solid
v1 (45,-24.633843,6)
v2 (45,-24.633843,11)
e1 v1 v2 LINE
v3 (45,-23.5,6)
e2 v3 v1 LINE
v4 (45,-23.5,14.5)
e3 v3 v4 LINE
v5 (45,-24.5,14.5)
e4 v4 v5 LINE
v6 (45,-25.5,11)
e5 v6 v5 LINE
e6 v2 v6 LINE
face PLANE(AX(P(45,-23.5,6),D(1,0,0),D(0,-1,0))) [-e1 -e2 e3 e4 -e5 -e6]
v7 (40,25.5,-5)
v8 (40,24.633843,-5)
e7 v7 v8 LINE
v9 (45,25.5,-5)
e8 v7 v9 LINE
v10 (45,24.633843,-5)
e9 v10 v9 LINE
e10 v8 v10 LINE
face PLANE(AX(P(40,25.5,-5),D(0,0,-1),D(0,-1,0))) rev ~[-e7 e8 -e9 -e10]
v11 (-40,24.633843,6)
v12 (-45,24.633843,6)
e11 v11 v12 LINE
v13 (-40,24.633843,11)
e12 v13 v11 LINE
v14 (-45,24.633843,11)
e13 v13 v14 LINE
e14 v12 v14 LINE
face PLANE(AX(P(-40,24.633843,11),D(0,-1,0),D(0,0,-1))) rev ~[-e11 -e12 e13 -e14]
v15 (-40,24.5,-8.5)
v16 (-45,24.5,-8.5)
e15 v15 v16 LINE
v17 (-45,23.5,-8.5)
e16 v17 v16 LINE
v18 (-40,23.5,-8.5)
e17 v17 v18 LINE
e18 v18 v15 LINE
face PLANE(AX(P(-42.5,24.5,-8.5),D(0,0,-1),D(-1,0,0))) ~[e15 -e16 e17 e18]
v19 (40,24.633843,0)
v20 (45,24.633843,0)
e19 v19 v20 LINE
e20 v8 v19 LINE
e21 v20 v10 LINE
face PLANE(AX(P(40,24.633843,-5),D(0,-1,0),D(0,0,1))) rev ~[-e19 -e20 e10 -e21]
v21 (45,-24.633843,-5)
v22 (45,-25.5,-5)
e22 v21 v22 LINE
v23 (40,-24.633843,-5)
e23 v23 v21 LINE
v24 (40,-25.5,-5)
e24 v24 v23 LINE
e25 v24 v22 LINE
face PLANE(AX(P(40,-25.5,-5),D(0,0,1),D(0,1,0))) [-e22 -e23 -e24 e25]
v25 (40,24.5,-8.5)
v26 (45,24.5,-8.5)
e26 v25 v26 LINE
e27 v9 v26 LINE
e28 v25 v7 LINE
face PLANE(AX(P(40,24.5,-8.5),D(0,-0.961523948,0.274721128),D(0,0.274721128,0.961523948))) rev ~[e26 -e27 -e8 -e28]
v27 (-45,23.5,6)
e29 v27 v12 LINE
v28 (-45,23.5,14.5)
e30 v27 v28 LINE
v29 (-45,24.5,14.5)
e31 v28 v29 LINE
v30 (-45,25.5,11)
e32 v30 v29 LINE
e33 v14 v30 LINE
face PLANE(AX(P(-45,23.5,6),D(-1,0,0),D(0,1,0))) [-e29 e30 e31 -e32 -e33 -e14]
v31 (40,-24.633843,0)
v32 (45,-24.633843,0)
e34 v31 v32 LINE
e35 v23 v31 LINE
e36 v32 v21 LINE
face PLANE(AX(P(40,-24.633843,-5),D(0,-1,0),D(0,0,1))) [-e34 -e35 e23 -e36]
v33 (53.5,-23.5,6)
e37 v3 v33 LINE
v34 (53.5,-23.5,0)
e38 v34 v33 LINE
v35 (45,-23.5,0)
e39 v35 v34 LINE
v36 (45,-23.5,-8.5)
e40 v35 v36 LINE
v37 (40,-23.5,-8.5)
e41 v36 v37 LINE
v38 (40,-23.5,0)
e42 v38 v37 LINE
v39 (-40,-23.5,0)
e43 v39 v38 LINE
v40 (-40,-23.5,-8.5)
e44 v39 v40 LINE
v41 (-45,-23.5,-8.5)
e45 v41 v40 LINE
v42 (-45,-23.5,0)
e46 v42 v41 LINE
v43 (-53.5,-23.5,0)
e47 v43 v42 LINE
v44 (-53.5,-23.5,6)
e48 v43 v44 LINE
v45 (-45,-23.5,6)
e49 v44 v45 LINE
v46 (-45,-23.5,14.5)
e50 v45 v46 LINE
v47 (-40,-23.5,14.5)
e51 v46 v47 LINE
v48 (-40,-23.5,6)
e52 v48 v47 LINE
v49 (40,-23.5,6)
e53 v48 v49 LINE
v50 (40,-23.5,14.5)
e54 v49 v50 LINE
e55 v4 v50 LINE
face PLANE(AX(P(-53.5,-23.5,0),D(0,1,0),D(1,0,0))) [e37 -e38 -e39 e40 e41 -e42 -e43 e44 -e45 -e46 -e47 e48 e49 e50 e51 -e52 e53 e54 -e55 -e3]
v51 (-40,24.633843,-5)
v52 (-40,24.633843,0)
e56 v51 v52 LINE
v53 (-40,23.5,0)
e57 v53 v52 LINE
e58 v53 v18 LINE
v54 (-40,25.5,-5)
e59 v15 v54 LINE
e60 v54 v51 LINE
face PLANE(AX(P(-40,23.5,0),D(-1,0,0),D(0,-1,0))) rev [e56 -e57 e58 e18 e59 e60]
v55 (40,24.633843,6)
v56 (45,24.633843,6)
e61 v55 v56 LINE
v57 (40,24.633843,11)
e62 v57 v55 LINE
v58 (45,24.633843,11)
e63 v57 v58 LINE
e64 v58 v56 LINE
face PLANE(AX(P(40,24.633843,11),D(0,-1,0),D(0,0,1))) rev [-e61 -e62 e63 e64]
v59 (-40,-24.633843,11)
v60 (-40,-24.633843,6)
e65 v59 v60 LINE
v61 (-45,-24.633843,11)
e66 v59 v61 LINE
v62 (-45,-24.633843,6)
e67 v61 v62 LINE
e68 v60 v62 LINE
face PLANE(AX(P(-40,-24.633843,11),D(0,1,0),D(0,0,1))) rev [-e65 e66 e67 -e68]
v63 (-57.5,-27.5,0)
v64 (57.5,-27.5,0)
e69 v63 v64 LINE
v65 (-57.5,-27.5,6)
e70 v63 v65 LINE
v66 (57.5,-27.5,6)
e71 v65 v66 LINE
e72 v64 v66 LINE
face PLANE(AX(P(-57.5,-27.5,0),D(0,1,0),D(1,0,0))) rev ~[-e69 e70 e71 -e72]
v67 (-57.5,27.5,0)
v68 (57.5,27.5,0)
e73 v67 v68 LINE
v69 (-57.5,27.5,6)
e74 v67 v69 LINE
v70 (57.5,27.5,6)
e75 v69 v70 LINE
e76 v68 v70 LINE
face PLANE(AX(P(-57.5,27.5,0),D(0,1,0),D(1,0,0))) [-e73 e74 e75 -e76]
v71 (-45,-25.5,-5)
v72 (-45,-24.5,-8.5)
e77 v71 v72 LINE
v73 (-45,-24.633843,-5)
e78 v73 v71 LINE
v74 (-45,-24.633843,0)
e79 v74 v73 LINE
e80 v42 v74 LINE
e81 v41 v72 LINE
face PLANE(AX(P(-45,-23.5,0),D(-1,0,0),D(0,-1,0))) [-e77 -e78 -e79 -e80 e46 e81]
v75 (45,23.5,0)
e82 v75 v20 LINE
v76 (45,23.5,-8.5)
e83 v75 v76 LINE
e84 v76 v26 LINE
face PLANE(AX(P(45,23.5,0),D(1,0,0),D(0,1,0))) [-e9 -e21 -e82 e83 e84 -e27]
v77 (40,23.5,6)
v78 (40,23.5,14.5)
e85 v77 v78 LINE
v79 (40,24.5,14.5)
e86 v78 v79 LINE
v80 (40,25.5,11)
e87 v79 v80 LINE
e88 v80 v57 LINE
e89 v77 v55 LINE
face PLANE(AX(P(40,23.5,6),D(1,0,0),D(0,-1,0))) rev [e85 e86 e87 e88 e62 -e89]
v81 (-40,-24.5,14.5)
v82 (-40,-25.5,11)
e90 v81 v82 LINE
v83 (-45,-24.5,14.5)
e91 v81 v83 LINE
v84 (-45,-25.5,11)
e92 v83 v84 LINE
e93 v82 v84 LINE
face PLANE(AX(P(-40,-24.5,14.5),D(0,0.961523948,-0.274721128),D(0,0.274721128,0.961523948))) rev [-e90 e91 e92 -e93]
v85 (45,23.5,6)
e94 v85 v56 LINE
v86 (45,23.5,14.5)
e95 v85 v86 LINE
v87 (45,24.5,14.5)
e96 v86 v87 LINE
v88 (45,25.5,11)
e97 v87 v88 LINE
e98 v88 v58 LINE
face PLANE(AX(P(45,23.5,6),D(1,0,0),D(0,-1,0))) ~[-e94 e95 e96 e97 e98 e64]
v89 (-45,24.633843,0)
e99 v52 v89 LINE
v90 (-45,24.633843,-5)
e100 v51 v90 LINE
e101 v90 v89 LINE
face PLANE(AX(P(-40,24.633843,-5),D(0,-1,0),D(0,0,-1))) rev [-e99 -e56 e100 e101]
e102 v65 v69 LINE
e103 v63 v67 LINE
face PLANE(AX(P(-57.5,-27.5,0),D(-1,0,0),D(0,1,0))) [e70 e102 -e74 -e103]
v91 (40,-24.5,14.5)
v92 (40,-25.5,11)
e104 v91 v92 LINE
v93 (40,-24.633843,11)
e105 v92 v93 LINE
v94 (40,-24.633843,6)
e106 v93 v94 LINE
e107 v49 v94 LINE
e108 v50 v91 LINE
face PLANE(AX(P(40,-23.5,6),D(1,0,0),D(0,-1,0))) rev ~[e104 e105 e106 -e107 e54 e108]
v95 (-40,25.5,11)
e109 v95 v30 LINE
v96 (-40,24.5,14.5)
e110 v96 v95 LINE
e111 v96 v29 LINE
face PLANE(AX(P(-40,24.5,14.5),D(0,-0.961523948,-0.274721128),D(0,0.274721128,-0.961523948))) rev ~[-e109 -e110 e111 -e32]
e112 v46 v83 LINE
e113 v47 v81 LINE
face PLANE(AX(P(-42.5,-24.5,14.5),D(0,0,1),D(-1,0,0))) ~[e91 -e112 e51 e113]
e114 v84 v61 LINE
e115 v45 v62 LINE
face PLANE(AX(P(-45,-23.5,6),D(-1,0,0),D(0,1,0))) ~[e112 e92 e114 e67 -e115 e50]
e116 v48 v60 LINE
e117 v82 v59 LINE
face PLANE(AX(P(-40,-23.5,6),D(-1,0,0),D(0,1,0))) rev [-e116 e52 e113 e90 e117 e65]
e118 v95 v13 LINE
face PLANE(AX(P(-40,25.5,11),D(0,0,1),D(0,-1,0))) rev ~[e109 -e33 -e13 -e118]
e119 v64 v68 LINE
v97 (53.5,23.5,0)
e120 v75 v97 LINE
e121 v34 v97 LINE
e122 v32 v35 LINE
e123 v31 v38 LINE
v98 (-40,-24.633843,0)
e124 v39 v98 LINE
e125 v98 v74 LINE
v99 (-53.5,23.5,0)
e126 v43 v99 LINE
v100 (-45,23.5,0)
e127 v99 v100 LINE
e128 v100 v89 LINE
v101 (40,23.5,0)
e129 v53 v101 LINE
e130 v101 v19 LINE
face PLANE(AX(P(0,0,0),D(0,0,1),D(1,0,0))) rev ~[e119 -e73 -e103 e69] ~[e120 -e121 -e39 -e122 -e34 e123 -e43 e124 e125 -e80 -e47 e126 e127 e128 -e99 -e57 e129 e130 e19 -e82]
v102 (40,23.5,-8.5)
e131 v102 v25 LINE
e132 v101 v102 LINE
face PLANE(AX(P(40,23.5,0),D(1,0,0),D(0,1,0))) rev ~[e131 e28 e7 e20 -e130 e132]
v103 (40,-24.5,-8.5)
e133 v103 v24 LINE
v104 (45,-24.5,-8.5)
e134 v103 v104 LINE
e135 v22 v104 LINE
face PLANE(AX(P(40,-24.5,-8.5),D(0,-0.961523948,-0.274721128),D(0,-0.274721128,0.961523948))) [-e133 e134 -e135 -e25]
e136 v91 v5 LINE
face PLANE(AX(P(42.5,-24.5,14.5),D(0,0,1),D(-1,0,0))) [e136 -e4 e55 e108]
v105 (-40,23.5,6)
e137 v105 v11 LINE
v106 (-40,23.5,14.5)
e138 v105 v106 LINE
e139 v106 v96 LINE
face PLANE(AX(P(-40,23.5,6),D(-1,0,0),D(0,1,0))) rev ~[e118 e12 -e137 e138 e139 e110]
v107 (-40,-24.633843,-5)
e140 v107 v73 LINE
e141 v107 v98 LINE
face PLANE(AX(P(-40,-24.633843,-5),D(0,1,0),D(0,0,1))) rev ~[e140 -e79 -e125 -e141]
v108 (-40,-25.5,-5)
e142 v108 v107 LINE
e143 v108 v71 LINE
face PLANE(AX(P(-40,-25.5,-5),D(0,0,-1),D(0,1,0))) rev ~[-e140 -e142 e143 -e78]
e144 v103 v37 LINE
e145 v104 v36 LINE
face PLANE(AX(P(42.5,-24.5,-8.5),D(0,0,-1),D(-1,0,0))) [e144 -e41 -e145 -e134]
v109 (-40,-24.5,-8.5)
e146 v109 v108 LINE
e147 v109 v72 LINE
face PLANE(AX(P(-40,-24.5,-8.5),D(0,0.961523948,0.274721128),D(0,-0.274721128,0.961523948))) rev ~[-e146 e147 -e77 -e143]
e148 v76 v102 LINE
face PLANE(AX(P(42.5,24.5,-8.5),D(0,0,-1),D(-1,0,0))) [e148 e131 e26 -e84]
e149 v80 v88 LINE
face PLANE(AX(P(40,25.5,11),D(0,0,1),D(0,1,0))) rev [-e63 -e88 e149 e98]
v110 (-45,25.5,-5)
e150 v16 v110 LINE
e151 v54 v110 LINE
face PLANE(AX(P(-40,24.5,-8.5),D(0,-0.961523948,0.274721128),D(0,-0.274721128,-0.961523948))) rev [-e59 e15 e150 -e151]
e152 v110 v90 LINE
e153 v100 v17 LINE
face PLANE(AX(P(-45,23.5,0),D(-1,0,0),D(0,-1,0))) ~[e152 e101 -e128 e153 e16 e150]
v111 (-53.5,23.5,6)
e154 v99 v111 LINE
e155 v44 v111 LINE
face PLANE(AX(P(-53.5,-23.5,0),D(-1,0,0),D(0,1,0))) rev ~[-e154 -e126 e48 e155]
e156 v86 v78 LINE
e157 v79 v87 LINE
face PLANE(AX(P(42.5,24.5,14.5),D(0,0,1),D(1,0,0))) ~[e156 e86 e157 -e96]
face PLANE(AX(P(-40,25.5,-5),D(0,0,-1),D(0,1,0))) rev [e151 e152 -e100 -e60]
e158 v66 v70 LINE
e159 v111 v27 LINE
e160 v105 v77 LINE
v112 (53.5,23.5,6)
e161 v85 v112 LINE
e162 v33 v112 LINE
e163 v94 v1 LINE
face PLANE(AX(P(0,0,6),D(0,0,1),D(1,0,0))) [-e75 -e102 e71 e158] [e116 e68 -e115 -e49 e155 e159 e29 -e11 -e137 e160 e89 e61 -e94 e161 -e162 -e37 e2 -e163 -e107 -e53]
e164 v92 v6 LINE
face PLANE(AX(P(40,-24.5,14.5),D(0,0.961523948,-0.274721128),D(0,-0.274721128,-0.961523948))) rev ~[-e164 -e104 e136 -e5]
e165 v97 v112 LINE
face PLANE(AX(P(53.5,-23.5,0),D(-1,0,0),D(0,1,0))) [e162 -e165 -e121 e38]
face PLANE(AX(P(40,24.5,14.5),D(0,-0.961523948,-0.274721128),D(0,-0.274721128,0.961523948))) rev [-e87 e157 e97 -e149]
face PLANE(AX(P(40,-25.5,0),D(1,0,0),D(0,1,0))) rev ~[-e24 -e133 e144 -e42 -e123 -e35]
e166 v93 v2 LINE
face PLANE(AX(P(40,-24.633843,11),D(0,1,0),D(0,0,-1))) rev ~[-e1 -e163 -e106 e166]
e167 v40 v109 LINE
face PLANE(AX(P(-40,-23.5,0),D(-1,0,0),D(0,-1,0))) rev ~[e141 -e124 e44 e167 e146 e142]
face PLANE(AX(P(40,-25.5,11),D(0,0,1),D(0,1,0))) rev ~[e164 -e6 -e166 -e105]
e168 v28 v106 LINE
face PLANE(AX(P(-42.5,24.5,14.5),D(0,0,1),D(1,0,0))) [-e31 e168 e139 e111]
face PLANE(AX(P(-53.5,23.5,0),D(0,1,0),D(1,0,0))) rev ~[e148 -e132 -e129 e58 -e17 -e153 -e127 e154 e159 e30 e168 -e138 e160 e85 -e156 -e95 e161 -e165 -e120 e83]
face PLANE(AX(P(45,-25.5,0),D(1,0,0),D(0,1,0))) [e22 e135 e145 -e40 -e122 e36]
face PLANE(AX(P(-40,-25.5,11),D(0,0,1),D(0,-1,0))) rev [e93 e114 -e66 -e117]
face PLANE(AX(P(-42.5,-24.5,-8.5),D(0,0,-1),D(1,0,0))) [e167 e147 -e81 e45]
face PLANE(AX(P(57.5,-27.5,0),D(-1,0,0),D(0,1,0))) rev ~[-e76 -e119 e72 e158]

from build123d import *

# Parameters (mm, degrees)
SKETCH1_W               = 115
SKETCH1_H               = 55
SKETCH1_W_2             = 107
SKETCH1_H_2             = 47
BOSS_EXTRUDE1_DEPTH     = 6
SKETCH2_W               = 5
SKETCH2_H               = 2
BOSS_EXTRUDE2_DEPTH     = 8.5
CUT_EXTRUDE1_DEPTH      = 10
MIRROR2_COPY_1_SKETCH_W = 5
MIRROR2_COPY_1_SKETCH_H = 2
MIRROR2_COPY_1_DEPTH    = 8.5
MIRROR2_COPY_2_DEPTH    = 10
MIRROR3_COPY_1_SKETCH_W = 5
MIRROR3_COPY_1_SKETCH_H = 2
MIRROR3_COPY_1_DEPTH    = 8.5
MIRROR3_COPY_2_DEPTH    = 10
MIRROR3_COPY_3_SKETCH_W = 5
MIRROR3_COPY_3_SKETCH_H = 2
MIRROR3_COPY_3_DEPTH    = 8.5
MIRROR3_COPY_4_DEPTH    = 10
MIRROR3_COPY_5_SKETCH_W = 5
MIRROR3_COPY_5_SKETCH_H = 2
MIRROR3_COPY_5_DEPTH    = 8.5
MIRROR3_COPY_6_DEPTH    = 10


with BuildPart() as part:
    # Sketch1 → Boss-Extrude1 (new body)
    with BuildSketch(Plane.XY):
        Rectangle(SKETCH1_W, SKETCH1_H)
        Rectangle(SKETCH1_W_2, SKETCH1_H_2, mode=Mode.SUBTRACT)
    extrude(amount=BOSS_EXTRUDE1_DEPTH)

    # Sketch2 → Boss-Extrude2 (add)
    with BuildSketch(Plane.XY.offset(6)):
        with Locations((-42.5, 24.5)):
            Rectangle(SKETCH2_W, SKETCH2_H)
    boss_extrude2 = extrude(amount=BOSS_EXTRUDE2_DEPTH)

    # Sketch3 → Cut-Extrude1 (cut)
    with BuildSketch(Plane(origin=(-40, 0, 0), x_dir=(0, 0, -1), z_dir=(1, 0, 0))):
        Polygon((-14.5, 24.5), (-11, 25.5), (-11, 24.633842956), (-6, 24.633842956), (-6, 26.874562864), (-14.5, 26.874562864), align=None)
    cut_extrude1 = extrude(amount=-CUT_EXTRUDE1_DEPTH, mode=Mode.SUBTRACT)

    # Mirror1: Boss-Extrude2, Cut-Extrude1 across plane
    add(boss_extrude2.mirror(Plane.ZX))
    add(cut_extrude1.mirror(Plane.ZX), mode=Mode.SUBTRACT)

    # Mirror2: Boss-Extrude2, Cut-Extrude1 across plane
    add(boss_extrude2.mirror(Plane(origin=(0, 0, 0), x_dir=(0, 0, 1), z_dir=(1, 0, 0))))
    add(cut_extrude1.mirror(Plane(origin=(0, 0, 0), x_dir=(0, 0, 1), z_dir=(1, 0, 0))), mode=Mode.SUBTRACT)

    # Mirror2 copy 1 sketch → Mirror2 copy 1 (add)
    with BuildSketch(Plane(origin=(0, 0, 6), x_dir=(-1, 0, 0), z_dir=(0, 0, 1))):
        with Locations((-42.5, 24.5)):
            Rectangle(MIRROR2_COPY_1_SKETCH_W, MIRROR2_COPY_1_SKETCH_H)
    extrude(amount=MIRROR2_COPY_1_DEPTH)

    # Mirror2 copy 2 sketch → Mirror2 copy 2 (cut)
    with BuildSketch(Plane(origin=(40, 0, 0), x_dir=(0, 0, -1), z_dir=(-1, 0, 0))):
        Polygon((-14.5, 24.5), (-11, 25.5), (-11, 24.633842956), (-6, 24.633842956), (-6, 26.874562864), (-14.5, 26.874562864), align=None)
    extrude(amount=-MIRROR2_COPY_2_DEPTH, mode=Mode.SUBTRACT)

    # Mirror3: Boss-Extrude2, Cut-Extrude1 across plane
    add(boss_extrude2.mirror(Plane.XY.offset(3)))
    add(cut_extrude1.mirror(Plane.XY.offset(3)), mode=Mode.SUBTRACT)

    # Mirror3 copy 1 sketch → Mirror3 copy 1 (add)
    with BuildSketch(Plane(origin=(0, 0, 0), x_dir=(-1, 0, 0), z_dir=(0, 0, -1))):
        with Locations((-42.5, 24.5)):
            Rectangle(MIRROR3_COPY_1_SKETCH_W, MIRROR3_COPY_1_SKETCH_H)
    extrude(amount=MIRROR3_COPY_1_DEPTH)

    # Mirror3 copy 2 sketch → Mirror3 copy 2 (cut)
    with BuildSketch(Plane(origin=(40, 0, 6), x_dir=(0, 0, 1), z_dir=(-1, 0, 0))):
        Polygon((-14.5, 24.5), (-11, 25.5), (-11, 24.633842956), (-6, 24.633842956), (-6, 26.874562864), (-14.5, 26.874562864), align=None)
    extrude(amount=-MIRROR3_COPY_2_DEPTH, mode=Mode.SUBTRACT)

    # Mirror3 copy 3 sketch → Mirror3 copy 3 (add)
    with BuildSketch(Plane(origin=(0, 0, 0), x_dir=(-1, 0, 0), z_dir=(0, 0, -1))):
        with Locations((-42.5, -24.5)):
            Rectangle(MIRROR3_COPY_3_SKETCH_W, MIRROR3_COPY_3_SKETCH_H)
    extrude(amount=MIRROR3_COPY_3_DEPTH)

    # Mirror3 copy 4 sketch → Mirror3 copy 4 (cut)
    with BuildSketch(Plane(origin=(40, 0, 6), x_dir=(0, 0, 1), z_dir=(-1, 0, 0))):
        Polygon((-14.5, -24.5), (-11, -25.5), (-11, -24.633842956), (-6, -24.633842956), (-6, -26.874562864), (-14.5, -26.874562864), align=None)
    extrude(amount=-MIRROR3_COPY_4_DEPTH, mode=Mode.SUBTRACT)

    # Mirror3 copy 5 sketch → Mirror3 copy 5 (add)
    with BuildSketch(Plane(origin=(0, 0, 0), x_dir=(1, 0, 0), z_dir=(0, 0, -1))):
        with Locations((-42.5, 24.5)):
            Rectangle(MIRROR3_COPY_5_SKETCH_W, MIRROR3_COPY_5_SKETCH_H)
    extrude(amount=MIRROR3_COPY_5_DEPTH)

    # Mirror3 copy 6 sketch → Mirror3 copy 6 (cut)
    with BuildSketch(Plane(origin=(-40, 0, 6), x_dir=(0, 0, 1), z_dir=(1, 0, 0))):
        Polygon((-14.5, 24.5), (-11, 25.5), (-11, 24.633842956), (-6, 24.633842956), (-6, 26.874562864), (-14.5, 26.874562864), align=None)
    extrude(amount=-MIRROR3_COPY_6_DEPTH, mode=Mode.SUBTRACT)


solid = part.part
